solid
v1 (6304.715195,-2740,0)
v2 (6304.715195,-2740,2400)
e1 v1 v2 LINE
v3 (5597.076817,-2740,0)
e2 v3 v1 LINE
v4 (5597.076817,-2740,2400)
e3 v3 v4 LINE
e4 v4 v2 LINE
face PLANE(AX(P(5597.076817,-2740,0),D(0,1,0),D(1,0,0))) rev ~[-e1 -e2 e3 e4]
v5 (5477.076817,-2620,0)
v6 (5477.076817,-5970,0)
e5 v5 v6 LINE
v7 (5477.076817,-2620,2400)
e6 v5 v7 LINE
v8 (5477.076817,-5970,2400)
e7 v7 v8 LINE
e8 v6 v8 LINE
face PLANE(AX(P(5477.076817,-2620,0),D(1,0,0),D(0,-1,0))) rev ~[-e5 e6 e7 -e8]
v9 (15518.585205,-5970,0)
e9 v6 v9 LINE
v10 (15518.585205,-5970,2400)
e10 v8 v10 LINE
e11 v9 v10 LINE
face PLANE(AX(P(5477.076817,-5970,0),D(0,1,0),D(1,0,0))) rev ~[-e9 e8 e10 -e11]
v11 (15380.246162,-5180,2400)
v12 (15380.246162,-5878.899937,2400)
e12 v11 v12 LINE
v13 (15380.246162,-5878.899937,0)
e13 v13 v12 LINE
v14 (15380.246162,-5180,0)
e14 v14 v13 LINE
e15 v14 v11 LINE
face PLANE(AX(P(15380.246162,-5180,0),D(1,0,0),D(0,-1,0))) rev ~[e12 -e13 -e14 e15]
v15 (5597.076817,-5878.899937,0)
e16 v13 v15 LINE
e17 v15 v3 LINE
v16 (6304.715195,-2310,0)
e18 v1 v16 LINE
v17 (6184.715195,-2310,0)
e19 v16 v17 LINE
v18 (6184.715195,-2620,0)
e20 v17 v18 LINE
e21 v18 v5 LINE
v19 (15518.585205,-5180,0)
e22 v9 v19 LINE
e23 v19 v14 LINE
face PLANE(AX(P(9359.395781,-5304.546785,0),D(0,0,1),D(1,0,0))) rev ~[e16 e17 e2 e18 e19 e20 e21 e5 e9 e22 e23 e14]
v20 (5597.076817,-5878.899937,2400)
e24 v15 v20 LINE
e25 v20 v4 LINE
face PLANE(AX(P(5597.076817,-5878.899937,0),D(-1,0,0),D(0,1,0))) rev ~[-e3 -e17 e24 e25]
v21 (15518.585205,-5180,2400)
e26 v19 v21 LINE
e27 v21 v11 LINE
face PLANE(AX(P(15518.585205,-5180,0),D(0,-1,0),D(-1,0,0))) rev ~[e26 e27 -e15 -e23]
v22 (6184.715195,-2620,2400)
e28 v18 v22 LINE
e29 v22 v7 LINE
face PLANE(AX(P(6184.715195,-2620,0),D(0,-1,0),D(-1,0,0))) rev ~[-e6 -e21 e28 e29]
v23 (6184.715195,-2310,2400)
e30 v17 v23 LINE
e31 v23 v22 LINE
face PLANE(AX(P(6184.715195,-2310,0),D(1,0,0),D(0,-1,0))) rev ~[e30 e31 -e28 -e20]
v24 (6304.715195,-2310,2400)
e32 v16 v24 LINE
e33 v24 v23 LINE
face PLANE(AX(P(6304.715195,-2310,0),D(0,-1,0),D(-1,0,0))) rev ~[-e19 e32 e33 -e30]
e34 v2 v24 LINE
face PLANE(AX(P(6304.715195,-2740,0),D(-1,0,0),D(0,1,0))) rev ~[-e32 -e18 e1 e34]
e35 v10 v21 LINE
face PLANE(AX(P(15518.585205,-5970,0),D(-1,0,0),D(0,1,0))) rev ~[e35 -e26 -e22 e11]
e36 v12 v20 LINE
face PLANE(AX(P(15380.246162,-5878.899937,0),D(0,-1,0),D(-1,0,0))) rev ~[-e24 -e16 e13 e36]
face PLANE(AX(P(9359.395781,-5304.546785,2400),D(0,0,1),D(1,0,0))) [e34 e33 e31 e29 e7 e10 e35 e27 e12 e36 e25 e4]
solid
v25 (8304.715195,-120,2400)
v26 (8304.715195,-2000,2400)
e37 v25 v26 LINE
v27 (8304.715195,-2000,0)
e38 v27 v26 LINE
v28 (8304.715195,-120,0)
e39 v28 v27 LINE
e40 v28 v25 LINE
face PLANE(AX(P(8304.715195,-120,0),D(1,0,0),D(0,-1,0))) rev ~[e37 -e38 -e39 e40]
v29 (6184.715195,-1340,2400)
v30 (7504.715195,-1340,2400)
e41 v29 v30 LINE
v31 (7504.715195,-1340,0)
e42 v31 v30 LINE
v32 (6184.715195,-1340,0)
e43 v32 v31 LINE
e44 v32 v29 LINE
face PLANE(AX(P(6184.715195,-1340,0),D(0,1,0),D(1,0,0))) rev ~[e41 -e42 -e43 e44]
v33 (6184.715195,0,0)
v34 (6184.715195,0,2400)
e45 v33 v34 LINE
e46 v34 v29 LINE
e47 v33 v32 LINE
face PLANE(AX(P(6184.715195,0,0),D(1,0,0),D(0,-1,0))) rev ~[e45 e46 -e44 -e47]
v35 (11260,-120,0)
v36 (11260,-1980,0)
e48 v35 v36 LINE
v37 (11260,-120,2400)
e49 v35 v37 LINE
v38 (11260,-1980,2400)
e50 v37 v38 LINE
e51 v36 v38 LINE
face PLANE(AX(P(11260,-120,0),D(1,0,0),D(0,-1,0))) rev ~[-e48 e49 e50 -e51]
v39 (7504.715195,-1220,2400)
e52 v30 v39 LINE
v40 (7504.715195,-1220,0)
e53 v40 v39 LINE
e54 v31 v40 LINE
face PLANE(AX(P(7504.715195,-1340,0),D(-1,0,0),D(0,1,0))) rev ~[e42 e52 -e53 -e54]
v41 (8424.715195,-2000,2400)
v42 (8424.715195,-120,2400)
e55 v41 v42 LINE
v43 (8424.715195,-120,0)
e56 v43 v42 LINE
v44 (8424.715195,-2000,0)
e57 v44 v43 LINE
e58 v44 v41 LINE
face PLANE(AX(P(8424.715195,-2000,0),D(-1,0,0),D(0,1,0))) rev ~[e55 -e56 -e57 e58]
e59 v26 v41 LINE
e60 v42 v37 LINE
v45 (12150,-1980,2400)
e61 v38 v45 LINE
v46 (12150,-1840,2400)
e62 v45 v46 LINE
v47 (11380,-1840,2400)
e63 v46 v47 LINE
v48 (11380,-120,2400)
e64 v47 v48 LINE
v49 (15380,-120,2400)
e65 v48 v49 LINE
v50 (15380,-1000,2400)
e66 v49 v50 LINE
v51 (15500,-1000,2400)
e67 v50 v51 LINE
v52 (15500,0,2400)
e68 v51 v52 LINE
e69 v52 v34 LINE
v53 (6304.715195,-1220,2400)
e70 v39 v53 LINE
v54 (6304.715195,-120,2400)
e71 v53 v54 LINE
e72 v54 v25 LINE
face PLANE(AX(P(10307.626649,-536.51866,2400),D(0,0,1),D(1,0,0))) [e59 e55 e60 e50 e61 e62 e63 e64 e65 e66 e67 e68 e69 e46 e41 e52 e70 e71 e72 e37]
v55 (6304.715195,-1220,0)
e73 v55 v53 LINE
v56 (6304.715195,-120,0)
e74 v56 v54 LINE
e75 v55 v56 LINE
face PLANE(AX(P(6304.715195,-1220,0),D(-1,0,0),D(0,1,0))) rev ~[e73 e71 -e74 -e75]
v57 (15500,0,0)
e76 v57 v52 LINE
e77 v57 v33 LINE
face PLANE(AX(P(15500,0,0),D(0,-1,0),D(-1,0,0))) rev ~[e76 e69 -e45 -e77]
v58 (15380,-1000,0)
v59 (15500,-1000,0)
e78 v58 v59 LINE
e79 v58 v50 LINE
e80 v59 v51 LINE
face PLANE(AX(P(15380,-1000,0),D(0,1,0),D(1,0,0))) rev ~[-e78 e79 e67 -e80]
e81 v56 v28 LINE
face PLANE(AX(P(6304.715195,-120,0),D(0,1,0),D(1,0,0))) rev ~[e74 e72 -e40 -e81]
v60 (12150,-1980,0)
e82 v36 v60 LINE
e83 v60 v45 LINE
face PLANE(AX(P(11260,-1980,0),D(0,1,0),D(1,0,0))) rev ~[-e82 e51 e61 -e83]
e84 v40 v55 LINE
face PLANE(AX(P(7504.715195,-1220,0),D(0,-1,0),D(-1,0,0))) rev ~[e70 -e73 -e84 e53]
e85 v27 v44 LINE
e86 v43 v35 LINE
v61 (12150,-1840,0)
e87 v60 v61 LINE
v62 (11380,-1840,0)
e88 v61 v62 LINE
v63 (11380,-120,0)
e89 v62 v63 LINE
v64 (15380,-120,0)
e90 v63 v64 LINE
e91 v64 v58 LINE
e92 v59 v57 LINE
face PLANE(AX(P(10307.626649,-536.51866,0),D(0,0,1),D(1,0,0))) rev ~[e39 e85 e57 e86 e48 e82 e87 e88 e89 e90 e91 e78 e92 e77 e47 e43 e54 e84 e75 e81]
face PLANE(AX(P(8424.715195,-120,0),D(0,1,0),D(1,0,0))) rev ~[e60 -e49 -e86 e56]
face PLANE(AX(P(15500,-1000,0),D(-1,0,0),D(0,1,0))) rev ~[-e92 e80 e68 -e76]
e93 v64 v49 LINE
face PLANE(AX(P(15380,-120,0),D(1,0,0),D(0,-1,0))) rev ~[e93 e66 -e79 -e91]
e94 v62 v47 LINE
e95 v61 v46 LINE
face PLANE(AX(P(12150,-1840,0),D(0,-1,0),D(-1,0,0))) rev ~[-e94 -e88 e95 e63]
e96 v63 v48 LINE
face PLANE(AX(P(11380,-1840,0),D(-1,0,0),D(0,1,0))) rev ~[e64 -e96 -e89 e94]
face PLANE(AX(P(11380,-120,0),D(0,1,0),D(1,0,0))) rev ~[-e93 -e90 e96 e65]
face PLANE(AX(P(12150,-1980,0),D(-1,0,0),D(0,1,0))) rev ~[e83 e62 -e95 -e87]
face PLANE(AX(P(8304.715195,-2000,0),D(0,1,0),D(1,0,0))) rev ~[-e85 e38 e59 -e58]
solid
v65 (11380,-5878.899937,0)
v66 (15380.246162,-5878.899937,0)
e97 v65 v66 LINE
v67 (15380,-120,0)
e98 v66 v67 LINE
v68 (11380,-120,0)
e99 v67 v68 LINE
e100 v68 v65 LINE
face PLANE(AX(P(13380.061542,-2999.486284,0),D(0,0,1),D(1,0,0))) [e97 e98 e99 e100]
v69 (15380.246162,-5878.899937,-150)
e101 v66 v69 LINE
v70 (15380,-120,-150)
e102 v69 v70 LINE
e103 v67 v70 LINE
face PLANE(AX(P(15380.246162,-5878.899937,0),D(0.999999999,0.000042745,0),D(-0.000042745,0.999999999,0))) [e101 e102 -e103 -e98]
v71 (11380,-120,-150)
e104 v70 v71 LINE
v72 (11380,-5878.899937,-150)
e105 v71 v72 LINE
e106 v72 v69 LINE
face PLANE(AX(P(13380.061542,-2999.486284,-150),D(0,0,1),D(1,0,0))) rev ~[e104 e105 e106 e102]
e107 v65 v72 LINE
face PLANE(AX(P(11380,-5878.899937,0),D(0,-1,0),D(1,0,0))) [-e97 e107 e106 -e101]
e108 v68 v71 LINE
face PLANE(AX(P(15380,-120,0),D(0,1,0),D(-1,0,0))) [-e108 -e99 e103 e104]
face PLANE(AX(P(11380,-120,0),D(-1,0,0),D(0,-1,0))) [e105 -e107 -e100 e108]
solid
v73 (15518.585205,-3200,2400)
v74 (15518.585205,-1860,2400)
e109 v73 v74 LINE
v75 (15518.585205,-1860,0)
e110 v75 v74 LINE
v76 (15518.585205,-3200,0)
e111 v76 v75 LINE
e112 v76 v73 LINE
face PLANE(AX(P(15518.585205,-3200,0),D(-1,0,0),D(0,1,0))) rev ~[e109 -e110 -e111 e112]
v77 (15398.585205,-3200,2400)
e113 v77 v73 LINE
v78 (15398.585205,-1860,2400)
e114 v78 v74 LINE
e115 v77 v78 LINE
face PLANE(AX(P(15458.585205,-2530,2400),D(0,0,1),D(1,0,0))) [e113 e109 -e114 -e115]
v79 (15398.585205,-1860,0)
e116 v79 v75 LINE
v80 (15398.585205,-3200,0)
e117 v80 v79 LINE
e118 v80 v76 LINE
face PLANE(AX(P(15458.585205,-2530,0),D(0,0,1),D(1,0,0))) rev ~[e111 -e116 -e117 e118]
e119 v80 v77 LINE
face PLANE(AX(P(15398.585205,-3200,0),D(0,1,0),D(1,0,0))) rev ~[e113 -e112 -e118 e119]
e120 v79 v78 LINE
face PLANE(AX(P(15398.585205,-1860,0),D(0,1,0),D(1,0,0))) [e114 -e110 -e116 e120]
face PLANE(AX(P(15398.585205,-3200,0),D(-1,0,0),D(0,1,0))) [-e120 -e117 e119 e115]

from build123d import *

# Parameters (mm, degrees)
F1_W     = 120
F1_H     = 1340
F2_DEPTH = 2400
F4_DEPTH = 150


with BuildPart() as f2:
    # F1 (on Top) → F2 (new body)
    with BuildSketch(Plane.XY):
        Polygon((11380, -1840), (11380, -120), (15380, -120), (15380, -1000), (15500, -1000), (15500, 0), (6184.715195, 0), (6184.715195, -1340), (7504.715195, -1340), (7504.715195, -1220), (6304.715195, -1220), (6304.715195, -120), (8304.715195, -120), (8304.715195, -2000), (8424.715195, -2000), (8424.715195, -120), (11260, -120), (11260, -1980), (12150, -1980), (12150, -1840), align=None)
        with Locations((15458.585205, -2530)):
            Rectangle(F1_W, F1_H)
        Polygon((15518.585205, -5970), (15518.585205, -5180), (15380.246162, -5180), (15380.246162, -5878.899937), (5597.076817, -5878.899937), (5597.076817, -2740), (6304.715195, -2740), (6304.715195, -2310), (6184.715195, -2310), (6184.715195, -2620), (5477.076817, -2620), (5477.076817, -5970), align=None)
    extrude(amount=F2_DEPTH)


with BuildPart() as f4:
    # F3 (on Top) → F4 (new body)
    with BuildSketch(Plane.XY):
        Polygon((15380, -120), (11380, -120), (11380, -5878.899937), (15380.246162, -5878.899937), align=None)
    extrude(amount=-F4_DEPTH)


solid = Compound([f2.part, f4.part])
